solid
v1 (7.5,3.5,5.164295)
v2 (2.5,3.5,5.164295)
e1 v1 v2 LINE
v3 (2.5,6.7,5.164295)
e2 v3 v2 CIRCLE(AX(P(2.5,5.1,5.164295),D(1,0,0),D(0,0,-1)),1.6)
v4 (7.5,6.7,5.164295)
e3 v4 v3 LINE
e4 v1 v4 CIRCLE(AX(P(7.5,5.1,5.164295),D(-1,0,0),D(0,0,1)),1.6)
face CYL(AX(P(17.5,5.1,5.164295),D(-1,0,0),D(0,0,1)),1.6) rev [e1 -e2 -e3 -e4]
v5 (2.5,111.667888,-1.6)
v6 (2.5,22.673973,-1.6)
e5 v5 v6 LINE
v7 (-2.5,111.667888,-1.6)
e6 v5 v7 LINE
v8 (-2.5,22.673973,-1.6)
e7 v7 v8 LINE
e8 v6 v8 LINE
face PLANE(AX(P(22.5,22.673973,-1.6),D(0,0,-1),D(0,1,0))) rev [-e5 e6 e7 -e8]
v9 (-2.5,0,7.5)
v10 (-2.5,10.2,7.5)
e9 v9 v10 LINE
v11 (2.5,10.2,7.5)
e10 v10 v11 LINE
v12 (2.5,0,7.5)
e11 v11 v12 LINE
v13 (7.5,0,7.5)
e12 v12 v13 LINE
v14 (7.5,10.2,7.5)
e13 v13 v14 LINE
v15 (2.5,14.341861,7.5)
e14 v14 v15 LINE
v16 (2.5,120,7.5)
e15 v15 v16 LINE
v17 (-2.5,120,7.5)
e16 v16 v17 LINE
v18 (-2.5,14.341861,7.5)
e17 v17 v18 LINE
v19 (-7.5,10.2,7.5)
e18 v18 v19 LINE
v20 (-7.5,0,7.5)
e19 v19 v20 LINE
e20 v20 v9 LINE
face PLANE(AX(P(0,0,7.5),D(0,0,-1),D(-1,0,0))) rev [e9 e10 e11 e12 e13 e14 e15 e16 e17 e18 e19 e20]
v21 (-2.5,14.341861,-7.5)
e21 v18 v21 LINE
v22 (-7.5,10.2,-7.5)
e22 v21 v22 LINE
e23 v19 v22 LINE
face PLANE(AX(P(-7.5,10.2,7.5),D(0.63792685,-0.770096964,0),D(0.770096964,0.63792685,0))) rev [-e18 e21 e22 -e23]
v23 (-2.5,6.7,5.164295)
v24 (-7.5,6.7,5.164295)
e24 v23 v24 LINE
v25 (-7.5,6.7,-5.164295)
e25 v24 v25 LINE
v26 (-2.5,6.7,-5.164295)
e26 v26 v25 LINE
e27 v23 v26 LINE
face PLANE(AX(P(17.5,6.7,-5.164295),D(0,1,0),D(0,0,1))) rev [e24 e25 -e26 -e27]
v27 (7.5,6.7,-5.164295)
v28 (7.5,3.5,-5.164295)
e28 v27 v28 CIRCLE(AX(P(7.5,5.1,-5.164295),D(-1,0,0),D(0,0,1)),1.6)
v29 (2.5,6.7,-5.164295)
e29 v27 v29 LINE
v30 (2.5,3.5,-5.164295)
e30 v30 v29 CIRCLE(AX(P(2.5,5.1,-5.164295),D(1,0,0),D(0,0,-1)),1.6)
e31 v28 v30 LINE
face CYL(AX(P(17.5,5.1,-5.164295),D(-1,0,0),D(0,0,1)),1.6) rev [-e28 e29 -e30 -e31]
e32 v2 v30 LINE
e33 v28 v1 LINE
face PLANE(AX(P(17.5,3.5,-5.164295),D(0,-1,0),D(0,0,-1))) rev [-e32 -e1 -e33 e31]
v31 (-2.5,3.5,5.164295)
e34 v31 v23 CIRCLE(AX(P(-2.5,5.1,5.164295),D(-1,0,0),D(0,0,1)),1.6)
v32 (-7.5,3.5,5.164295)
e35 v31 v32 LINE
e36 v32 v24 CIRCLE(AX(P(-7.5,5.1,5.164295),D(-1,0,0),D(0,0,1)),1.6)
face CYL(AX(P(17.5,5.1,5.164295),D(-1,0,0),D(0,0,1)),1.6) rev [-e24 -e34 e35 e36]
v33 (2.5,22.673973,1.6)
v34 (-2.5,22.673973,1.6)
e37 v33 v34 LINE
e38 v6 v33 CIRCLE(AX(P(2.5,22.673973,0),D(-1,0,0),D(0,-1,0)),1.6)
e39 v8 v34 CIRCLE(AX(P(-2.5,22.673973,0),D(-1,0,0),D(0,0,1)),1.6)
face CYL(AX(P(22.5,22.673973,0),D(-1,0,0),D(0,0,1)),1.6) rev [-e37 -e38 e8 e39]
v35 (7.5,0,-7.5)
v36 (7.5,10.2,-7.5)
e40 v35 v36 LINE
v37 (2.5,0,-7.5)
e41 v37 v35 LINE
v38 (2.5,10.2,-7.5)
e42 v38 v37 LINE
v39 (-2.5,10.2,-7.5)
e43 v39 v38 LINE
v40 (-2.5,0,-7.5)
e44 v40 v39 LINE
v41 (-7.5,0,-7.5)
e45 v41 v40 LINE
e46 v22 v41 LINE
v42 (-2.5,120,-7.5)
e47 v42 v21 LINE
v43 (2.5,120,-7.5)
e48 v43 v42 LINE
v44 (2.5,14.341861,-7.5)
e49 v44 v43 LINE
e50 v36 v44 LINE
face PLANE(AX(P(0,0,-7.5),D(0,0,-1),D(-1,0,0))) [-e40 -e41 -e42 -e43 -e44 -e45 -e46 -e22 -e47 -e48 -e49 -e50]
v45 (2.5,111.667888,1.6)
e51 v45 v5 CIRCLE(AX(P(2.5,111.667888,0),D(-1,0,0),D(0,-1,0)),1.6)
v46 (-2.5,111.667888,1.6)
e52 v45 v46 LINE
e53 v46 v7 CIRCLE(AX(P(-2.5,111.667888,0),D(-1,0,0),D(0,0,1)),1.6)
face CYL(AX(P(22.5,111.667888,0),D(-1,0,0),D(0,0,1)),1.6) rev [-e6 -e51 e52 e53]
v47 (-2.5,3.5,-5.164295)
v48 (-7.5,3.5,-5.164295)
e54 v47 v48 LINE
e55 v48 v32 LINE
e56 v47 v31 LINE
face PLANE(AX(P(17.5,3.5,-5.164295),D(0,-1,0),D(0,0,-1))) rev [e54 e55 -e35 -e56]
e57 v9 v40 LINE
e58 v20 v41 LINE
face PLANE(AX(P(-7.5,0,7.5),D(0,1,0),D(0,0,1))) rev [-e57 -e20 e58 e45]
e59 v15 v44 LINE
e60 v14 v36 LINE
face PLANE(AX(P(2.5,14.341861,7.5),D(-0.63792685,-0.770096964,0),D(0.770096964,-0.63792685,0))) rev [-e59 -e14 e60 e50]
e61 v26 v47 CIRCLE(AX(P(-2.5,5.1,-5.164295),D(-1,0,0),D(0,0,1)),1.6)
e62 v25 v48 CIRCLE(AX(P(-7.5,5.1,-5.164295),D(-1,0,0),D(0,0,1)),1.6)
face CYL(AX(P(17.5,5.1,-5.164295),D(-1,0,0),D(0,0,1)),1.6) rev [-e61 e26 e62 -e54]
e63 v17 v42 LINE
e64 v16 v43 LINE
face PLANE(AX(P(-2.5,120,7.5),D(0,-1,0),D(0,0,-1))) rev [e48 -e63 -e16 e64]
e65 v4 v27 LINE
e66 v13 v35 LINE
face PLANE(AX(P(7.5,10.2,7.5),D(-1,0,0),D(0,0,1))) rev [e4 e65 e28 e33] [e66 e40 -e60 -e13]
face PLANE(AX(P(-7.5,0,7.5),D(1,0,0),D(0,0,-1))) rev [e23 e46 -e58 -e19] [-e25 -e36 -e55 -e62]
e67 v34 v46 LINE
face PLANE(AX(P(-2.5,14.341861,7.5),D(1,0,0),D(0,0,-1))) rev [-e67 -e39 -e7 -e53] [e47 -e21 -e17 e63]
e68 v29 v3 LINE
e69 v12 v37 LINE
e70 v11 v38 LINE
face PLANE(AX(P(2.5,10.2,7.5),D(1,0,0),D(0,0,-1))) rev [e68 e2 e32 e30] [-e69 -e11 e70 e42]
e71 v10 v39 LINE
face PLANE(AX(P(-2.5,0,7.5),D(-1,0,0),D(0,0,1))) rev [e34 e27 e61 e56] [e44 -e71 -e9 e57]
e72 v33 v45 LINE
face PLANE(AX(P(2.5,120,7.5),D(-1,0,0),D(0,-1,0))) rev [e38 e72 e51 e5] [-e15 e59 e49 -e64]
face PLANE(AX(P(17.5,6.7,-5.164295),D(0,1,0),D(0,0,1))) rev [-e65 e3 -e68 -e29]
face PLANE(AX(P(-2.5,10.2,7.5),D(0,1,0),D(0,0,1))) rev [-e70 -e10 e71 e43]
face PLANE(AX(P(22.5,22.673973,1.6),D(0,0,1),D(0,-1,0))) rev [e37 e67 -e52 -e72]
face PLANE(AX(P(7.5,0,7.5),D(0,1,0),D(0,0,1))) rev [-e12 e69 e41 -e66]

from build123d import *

# Parameters (mm, degrees)
BOSS_EXTRU_1_DEPTH      = 7.5
ENL_V_MAT_EXTRU_1_DEPTH = 25
ENL_V_MAT_EXTRU_2_DEPTH = 25


with BuildPart() as part:
    # Esquisse1 → Boss.-Extru.1 (new, symmetric)
    with BuildSketch(Plane.XY):
        Polygon((-7.5, 0), (-2.5, 0), (-2.5, 10.2), (2.5, 10.2), (2.5, 0), (7.5, 0), (7.5, 10.2), (2.5, 14.34186057), (2.5, 120), (-2.5, 120), (-2.5, 14.34186057), (-7.5, 10.2), align=None)
    extrude(amount=BOSS_EXTRU_1_DEPTH, both=True)

    # Esquisse2 → Enlèv. mat.-Extru.1 (cut)
    with BuildSketch(Plane.ZY.offset(7.5)):
        with BuildLine():
            Line((-5.164295133, 6.7), (5.164295133, 6.7))
            ThreePointArc((5.164295133, 6.7), (6.764295133, 5.1), (5.164295133, 3.5))
            Line((5.164295133, 3.5), (-5.164295133, 3.5))
            ThreePointArc((-5.164295133, 3.5), (-6.764295133, 5.1), (-5.164295133, 6.7))
        make_face()
    extrude(amount=-ENL_V_MAT_EXTRU_1_DEPTH, mode=Mode.SUBTRACT)

    # Esquisse3 → Enlèv. mat.-Extru.2 (cut)
    with BuildSketch(Plane.ZY.offset(2.5)):
        with BuildLine():
            Line((-1.6, 22.673972566), (-1.6, 111.667888004))
            ThreePointArc((-1.6, 111.667888004), (0, 113.267888004), (1.6, 111.667888004))
            Line((1.6, 111.667888004), (1.6, 22.673972566))
            ThreePointArc((1.6, 22.673972566), (0, 21.073972566), (-1.6, 22.673972566))
        make_face()
    extrude(amount=-ENL_V_MAT_EXTRU_2_DEPTH, mode=Mode.SUBTRACT)


solid = part.part
